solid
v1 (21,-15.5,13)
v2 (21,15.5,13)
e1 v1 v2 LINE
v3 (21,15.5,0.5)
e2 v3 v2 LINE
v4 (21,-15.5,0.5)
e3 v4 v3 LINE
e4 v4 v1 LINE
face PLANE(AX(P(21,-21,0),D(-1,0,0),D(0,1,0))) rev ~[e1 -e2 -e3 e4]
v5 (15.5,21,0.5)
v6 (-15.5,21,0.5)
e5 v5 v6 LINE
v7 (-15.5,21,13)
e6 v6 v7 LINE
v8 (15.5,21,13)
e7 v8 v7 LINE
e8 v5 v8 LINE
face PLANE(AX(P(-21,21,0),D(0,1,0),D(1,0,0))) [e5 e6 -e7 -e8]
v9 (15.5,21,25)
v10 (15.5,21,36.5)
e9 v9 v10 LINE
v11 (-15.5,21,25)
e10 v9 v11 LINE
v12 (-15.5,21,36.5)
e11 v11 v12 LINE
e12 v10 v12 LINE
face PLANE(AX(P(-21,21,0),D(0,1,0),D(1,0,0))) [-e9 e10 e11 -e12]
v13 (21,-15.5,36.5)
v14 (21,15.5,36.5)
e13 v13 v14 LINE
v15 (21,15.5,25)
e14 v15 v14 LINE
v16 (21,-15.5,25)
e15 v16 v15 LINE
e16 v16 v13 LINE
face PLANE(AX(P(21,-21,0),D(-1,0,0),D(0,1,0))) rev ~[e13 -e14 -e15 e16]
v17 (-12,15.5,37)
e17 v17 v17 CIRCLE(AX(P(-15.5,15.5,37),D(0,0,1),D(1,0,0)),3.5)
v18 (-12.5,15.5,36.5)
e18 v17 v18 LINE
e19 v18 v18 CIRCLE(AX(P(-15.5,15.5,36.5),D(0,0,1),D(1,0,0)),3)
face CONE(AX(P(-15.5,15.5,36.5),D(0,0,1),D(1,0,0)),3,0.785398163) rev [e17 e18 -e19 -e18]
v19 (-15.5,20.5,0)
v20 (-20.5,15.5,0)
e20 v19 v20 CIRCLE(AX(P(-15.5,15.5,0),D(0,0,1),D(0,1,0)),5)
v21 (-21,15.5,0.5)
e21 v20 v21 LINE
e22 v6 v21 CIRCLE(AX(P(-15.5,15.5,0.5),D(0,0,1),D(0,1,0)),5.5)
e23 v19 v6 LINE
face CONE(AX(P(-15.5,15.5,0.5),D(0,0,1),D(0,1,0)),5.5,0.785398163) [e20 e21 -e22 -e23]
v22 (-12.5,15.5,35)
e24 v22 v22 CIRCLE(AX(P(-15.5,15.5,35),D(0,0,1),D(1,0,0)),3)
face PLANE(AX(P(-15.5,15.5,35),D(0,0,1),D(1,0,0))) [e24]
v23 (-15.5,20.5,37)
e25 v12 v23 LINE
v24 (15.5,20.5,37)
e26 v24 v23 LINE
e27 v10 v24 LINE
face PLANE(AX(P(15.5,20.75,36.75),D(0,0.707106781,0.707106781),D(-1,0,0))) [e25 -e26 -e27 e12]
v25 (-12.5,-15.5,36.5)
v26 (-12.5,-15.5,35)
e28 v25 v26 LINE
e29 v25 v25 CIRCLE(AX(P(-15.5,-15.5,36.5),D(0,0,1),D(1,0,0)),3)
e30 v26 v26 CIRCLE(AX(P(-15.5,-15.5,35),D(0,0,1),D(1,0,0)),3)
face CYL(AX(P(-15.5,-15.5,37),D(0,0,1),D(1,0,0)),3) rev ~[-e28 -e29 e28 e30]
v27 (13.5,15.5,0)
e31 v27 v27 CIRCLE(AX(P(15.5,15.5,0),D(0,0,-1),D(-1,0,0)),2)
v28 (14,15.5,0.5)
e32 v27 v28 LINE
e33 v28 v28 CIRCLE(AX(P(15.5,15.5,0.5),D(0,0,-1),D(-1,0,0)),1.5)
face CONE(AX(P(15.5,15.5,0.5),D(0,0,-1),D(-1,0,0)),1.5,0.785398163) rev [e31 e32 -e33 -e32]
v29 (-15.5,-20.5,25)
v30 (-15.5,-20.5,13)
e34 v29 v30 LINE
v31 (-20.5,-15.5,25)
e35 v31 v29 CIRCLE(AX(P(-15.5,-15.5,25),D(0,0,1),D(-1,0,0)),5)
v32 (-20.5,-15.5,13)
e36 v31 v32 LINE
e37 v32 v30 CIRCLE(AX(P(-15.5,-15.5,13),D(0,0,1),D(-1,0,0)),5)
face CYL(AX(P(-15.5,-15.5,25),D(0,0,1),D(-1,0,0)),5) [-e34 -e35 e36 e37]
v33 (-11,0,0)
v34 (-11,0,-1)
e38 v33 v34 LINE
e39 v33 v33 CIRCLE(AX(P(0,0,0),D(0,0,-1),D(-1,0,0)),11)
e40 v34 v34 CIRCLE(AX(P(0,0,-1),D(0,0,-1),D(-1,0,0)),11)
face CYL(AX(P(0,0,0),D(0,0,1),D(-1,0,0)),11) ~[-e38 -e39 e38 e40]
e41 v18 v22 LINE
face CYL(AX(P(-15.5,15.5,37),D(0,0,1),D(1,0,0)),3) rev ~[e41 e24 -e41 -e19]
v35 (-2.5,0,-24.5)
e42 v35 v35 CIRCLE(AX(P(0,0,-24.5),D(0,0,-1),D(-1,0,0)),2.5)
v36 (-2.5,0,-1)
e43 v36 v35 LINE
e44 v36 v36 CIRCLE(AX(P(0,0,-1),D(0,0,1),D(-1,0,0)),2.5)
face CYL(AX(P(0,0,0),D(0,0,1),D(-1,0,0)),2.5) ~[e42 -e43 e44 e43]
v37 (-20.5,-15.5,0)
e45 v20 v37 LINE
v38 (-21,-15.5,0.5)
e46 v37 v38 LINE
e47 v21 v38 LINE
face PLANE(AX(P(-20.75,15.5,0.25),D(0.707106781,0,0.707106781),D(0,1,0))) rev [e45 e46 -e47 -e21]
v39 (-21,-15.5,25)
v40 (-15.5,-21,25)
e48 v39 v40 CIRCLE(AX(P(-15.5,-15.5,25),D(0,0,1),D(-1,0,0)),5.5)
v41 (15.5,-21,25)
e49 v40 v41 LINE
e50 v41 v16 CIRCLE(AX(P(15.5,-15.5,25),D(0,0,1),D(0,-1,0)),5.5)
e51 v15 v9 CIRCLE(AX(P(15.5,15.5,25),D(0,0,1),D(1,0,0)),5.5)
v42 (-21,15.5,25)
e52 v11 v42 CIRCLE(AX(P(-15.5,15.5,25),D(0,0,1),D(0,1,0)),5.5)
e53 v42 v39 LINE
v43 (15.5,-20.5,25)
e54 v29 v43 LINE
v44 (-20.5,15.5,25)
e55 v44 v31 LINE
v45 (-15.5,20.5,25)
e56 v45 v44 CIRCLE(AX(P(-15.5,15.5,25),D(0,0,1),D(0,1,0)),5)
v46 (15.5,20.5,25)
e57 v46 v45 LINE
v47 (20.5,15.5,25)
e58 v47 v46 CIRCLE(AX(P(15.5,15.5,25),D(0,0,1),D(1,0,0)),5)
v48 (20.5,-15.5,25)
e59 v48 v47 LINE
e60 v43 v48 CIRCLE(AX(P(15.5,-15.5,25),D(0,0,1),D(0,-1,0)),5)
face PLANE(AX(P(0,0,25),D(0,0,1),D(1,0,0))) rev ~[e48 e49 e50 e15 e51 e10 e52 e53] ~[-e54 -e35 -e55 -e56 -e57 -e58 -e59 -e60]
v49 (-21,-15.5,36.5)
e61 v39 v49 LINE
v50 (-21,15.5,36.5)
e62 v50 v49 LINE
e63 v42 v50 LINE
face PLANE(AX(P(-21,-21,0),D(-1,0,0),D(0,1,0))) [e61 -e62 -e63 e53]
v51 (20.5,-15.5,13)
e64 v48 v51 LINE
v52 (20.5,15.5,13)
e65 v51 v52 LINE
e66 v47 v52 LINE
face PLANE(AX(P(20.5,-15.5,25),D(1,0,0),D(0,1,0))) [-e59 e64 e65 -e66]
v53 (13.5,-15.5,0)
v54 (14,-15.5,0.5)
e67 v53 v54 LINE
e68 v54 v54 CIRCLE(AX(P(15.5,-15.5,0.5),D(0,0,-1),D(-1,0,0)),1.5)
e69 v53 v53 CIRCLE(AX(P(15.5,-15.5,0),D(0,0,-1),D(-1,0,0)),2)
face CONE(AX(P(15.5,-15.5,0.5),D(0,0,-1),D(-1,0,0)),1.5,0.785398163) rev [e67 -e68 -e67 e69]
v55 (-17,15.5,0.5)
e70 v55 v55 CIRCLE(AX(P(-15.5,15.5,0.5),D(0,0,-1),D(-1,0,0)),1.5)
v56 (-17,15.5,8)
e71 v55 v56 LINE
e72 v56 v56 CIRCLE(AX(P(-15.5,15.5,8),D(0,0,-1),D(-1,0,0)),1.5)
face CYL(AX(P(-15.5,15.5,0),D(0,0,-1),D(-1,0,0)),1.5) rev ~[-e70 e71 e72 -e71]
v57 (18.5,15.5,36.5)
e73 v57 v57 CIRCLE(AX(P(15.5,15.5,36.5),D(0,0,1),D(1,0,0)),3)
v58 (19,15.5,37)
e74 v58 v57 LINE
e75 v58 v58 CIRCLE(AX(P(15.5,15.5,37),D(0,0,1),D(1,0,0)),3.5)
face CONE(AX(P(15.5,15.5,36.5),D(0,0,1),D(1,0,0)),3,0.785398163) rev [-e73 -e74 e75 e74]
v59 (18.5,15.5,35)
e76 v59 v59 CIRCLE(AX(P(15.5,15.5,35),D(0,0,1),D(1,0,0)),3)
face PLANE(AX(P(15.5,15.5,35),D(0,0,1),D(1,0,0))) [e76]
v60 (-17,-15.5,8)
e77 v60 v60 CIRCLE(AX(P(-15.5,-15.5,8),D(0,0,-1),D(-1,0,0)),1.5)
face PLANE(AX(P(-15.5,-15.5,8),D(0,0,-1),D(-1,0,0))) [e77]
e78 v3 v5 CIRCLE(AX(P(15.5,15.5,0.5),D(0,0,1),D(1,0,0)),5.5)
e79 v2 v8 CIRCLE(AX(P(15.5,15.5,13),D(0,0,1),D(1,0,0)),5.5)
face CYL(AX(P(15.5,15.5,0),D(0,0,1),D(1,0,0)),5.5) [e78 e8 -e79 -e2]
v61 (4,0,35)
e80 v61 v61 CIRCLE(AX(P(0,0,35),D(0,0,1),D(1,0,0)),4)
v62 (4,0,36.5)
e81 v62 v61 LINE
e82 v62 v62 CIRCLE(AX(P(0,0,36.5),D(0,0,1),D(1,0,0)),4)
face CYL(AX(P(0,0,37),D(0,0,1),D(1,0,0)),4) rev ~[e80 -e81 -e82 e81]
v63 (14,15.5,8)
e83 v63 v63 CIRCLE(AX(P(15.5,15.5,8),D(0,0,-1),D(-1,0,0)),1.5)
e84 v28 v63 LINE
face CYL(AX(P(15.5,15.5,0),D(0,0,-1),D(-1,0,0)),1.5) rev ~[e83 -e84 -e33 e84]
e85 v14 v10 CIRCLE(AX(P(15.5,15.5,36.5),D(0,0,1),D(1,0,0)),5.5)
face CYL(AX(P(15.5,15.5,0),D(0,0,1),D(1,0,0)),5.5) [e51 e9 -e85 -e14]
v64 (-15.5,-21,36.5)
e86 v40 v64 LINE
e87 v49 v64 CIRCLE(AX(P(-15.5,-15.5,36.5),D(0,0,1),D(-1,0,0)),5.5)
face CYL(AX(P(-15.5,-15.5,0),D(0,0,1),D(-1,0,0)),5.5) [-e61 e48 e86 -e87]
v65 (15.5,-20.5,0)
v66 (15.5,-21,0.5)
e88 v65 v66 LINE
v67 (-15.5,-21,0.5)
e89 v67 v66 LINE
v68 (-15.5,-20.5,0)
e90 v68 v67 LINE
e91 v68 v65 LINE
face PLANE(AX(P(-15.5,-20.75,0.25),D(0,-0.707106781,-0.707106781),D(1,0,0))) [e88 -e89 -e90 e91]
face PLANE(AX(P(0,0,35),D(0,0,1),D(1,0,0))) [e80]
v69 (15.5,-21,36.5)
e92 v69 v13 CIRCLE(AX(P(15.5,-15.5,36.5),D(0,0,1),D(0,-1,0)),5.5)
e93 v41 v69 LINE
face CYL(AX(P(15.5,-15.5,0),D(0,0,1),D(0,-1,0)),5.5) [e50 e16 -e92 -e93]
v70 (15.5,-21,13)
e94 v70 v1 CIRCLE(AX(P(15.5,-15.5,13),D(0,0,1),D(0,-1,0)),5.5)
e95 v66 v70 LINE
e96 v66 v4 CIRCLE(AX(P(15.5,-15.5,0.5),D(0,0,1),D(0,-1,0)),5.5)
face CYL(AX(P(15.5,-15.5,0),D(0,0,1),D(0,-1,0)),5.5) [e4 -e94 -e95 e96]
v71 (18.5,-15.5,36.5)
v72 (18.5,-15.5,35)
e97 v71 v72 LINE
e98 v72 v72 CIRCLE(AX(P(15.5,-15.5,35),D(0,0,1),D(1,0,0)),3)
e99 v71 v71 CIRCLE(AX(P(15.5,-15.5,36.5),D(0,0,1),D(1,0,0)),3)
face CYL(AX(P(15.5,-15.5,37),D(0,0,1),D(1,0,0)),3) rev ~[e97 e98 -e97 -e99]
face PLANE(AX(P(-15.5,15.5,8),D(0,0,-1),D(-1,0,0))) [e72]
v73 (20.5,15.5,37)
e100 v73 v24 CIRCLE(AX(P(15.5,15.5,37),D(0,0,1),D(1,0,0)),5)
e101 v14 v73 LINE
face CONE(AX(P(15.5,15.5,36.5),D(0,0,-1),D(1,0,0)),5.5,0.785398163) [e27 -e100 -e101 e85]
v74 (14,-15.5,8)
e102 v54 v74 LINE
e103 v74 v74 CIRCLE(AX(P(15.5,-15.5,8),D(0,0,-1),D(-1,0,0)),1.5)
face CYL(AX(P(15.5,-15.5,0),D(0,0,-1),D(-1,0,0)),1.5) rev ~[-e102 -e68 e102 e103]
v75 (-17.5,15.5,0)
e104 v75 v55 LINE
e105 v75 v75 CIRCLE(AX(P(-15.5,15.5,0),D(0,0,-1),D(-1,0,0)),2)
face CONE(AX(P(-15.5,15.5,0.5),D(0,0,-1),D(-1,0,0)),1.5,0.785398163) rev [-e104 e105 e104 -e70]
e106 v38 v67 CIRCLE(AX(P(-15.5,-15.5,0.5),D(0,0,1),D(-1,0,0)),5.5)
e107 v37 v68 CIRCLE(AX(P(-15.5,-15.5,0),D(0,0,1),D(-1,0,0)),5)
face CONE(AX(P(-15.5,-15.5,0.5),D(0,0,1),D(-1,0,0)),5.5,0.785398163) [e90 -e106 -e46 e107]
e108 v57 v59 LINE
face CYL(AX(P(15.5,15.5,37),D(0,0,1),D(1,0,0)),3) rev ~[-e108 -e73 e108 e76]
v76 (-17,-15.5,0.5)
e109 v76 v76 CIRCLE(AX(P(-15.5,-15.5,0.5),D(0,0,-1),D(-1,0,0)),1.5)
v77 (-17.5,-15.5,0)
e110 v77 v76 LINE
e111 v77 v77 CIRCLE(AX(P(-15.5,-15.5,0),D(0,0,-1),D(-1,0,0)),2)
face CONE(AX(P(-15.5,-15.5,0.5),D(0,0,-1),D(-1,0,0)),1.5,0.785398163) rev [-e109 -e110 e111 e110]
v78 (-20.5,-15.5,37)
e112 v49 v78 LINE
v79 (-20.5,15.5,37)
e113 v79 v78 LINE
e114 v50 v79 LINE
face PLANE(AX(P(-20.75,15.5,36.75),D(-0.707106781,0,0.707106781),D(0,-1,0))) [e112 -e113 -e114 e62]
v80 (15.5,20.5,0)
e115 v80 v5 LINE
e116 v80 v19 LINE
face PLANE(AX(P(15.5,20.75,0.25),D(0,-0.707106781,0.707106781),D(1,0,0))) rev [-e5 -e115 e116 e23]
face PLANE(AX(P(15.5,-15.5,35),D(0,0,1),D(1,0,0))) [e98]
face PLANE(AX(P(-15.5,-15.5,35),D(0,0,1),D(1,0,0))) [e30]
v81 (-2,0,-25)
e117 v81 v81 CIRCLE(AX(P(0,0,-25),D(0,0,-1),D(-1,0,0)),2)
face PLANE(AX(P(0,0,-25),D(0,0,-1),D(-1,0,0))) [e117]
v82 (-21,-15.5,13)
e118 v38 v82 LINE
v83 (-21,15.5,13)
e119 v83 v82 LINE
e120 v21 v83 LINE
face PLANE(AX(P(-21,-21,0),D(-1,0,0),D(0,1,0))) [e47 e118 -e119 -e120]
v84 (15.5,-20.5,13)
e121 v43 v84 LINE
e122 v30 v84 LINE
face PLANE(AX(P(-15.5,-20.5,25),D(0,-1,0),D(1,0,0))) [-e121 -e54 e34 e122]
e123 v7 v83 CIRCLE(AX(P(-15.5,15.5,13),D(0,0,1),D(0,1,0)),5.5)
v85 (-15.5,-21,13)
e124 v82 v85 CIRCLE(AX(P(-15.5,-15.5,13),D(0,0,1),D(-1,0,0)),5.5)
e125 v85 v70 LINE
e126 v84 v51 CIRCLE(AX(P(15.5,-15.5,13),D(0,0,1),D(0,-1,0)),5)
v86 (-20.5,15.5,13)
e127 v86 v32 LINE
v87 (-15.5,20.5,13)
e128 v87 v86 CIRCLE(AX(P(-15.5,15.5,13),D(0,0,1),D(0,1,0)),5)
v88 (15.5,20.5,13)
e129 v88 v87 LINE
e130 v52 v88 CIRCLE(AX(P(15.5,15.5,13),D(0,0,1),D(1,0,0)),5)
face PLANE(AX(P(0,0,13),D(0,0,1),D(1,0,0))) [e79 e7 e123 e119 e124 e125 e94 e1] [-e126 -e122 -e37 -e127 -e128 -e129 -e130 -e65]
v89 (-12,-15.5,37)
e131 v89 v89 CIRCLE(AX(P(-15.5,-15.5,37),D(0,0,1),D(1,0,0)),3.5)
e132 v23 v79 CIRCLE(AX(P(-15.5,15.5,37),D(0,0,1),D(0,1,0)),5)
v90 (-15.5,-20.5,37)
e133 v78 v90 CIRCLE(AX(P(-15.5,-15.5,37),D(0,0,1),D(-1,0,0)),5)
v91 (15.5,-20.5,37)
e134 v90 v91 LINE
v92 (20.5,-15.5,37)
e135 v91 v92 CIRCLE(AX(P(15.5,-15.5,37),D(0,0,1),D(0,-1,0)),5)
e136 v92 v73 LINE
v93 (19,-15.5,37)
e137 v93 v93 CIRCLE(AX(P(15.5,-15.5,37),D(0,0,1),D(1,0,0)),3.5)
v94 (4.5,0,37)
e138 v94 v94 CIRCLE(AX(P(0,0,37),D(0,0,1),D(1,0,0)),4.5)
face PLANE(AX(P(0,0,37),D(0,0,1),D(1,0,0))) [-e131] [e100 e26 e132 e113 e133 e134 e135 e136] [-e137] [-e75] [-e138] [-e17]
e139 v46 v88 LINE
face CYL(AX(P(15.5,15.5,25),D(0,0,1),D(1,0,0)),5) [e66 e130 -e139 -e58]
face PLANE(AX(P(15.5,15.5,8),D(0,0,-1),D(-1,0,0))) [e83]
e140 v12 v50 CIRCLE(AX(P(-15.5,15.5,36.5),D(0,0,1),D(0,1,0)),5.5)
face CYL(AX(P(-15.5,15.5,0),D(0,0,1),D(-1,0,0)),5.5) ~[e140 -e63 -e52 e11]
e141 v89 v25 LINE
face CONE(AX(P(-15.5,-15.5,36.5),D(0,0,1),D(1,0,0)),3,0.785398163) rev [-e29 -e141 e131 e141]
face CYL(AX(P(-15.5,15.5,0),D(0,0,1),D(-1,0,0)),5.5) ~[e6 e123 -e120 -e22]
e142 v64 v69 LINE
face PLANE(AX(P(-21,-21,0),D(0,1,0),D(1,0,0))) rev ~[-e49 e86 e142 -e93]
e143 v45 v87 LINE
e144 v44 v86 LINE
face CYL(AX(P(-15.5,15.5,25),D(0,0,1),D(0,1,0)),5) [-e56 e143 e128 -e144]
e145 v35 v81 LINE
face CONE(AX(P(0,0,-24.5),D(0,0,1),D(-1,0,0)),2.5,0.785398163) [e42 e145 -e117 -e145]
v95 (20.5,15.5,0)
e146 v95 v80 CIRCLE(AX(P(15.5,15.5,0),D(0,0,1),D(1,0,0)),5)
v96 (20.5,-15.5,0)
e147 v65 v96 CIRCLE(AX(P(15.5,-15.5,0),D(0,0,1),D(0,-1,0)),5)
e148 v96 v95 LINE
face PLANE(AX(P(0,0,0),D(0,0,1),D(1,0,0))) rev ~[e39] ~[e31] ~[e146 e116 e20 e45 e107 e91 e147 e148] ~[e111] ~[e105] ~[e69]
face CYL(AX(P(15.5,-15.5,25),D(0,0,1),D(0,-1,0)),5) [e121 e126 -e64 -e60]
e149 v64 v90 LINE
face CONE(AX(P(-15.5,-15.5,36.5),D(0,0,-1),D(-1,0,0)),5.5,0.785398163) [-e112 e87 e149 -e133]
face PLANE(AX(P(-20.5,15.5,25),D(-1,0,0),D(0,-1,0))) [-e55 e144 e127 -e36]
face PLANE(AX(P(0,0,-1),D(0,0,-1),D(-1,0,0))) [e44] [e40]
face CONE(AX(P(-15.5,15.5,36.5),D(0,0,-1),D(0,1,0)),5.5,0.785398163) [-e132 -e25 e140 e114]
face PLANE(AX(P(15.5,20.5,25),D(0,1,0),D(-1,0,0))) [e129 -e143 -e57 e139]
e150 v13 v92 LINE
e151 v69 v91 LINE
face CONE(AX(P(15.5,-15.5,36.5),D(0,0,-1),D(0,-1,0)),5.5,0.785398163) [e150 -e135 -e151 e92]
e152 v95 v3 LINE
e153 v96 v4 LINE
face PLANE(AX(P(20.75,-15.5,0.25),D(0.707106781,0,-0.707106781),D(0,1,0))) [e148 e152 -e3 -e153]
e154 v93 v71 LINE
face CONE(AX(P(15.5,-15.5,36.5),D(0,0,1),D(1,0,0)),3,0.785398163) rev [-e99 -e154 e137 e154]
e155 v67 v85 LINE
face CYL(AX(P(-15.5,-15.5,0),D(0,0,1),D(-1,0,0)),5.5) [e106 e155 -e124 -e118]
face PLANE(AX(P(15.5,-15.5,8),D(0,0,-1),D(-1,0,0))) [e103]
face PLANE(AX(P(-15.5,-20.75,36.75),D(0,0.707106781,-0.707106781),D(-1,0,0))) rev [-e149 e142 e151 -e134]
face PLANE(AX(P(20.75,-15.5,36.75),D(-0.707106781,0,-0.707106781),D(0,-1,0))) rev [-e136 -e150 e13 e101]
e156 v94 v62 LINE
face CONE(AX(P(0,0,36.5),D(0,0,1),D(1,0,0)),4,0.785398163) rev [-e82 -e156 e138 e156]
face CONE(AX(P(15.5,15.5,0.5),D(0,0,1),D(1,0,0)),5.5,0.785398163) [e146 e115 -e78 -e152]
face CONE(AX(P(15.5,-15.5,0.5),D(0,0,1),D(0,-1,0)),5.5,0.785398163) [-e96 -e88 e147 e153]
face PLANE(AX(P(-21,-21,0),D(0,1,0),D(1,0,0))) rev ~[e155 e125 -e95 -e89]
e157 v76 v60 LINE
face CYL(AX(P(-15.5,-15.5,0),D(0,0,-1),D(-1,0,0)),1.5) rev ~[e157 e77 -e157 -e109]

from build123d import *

# Parameters (mm, degrees)
SKETCH1_W           = 42
SKETCH1_H           = 42
BOSS_EXTRUDE1_DEPTH = 37
FILLET1_R           = 5.5
SKETCH2_R           = 4
SKETCH2_R_2         = 3
CUT_EXTRUDE1_DEPTH  = 2
SKETCH4_R           = 2.5
BOSS_EXTRUDE2_DEPTH = 25
SKETCH5_R           = 1.5
CUT_EXTRUDE2_DEPTH  = 8
CUT_EXTRUDE3_START  = -12
SKETCH6_R           = 34.308404515
CUT_EXTRUDE3_DEPTH  = 12
CHAMFER1_SIZE       = 0.5
SKETCH7_R           = 11
BOSS_EXTRUDE3_DEPTH = 1


with BuildPart() as part:
    # Sketch1 → Boss-Extrude1 (new body)
    with BuildSketch(Plane.XY):
        Rectangle(SKETCH1_W, SKETCH1_H)
    extrude(amount=BOSS_EXTRUDE1_DEPTH)

    # Fillet1
    fillet1_edges = [part.edges().sort_by_distance(p)[0] for p in [
        (21, -21, 18.5),
        (-21, -21, 18.5),
        (-21, 21, 18.5),
        (21, 21, 18.5),
    ]]
    fillet(fillet1_edges, radius=FILLET1_R)

    # Sketch2 → Cut-Extrude1 (cut)
    with BuildSketch(Plane.XY.offset(37)):
        Circle(SKETCH2_R)
        with Locations((15.5, -15.5)):
            Circle(SKETCH2_R_2)
        with Locations((15.5, 15.5)):
            Circle(SKETCH2_R_2)
        with Locations((-15.5, 15.5)):
            Circle(SKETCH2_R_2)
        with Locations((-15.5, -15.5)):
            Circle(SKETCH2_R_2)
    extrude(amount=-CUT_EXTRUDE1_DEPTH, mode=Mode.SUBTRACT)

    # Sketch4 → Boss-Extrude2 (add)
    with BuildSketch(Plane(origin=(0, 0, 0), x_dir=(-1, 0, 0), z_dir=(0, 0, -1))):
        Circle(SKETCH4_R)
    extrude(amount=BOSS_EXTRUDE2_DEPTH)

    # Sketch5 → Cut-Extrude2 (cut)
    with BuildSketch(Plane(origin=(0, 0, 0), x_dir=(-1, 0, 0), z_dir=(0, 0, -1))):
        with Locations((15.5, -15.5)):
            Circle(SKETCH5_R)
        with Locations((-15.5, -15.5)):
            Circle(SKETCH5_R)
        with Locations((15.5, 15.5)):
            Circle(SKETCH5_R)
        with Locations((-15.5, 15.5)):
            Circle(SKETCH5_R)
    extrude(amount=-CUT_EXTRUDE2_DEPTH, mode=Mode.SUBTRACT)

    # Sketch6 → Cut-Extrude3 (cut)
    # profile 1 of 2: a face of its own
    with BuildSketch(Plane.XY.offset(37).offset(CUT_EXTRUDE3_START)):
        Circle(SKETCH6_R)
        with BuildLine():
            Line((-21, 15.5), (-21, -15.5))
            ThreePointArc((-21, -15.5), (-19.389087297, -19.389087297), (-15.5, -21))
            Line((-15.5, -21), (15.5, -21))
            ThreePointArc((15.5, -21), (19.389087297, -19.389087297), (21, -15.5))
            Line((21, -15.5), (21, 15.5))
            ThreePointArc((21, 15.5), (19.389087297, 19.389087297), (15.5, 21))
            Line((15.5, 21), (-15.5, 21))
            ThreePointArc((-15.5, 21), (-19.389087297, 19.389087297), (-21, 15.5))
        make_face(mode=Mode.SUBTRACT)
    # profile 2 of 2: a face of its own
    with BuildSketch(Plane.XY.offset(37).offset(CUT_EXTRUDE3_START)):
        with BuildLine():
            ThreePointArc((-15.5, 21), (-19.389087297, 19.389087297), (-21, 15.5))
            Line((-21, 15.5), (-21, -15.5))
            ThreePointArc((-21, -15.5), (-19.389087297, -19.389087297), (-15.5, -21))
            Line((-15.5, -21), (15.5, -21))
            ThreePointArc((15.5, -21), (19.389087297, -19.389087297), (21, -15.5))
            Line((21, -15.5), (21, 15.5))
            ThreePointArc((21, 15.5), (19.389087297, 19.389087297), (15.5, 21))
            Line((15.5, 21), (-15.5, 21))
        make_face()
        with BuildLine():
            ThreePointArc((-15.5, 20.5), (-19.035533906, 19.035533906), (-20.5, 15.5))
            Line((-20.5, 15.5), (-20.5, -15.5))
            ThreePointArc((-20.5, -15.5), (-19.035533906, -19.035533906), (-15.5, -20.5))
            Line((-15.5, -20.5), (15.5, -20.5))
            ThreePointArc((15.5, -20.5), (19.035533906, -19.035533906), (20.5, -15.5))
            Line((20.5, -15.5), (20.5, 15.5))
            ThreePointArc((20.5, 15.5), (19.035533906, 19.035533906), (15.5, 20.5))
            Line((15.5, 20.5), (-15.5, 20.5))
        make_face(mode=Mode.SUBTRACT)
    extrude(amount=-CUT_EXTRUDE3_DEPTH, mode=Mode.SUBTRACT)

    # Chamfer1
    chamfer1_edges = [part.edges().sort_by_distance(p)[0] for p in [
        (0, -21, 0),
        (0, -21, 37),
        (21, 0, 0),
        (-21, 0, 0),
        (0, 21, 0),
        (-19.389087297, 19.389087297, 0),
        (19.389087297, 19.389087297, 0),
        (19.389087297, -19.389087297, 0),
        (-19.389087297, -19.389087297, 0),
        (-21, 0, 37),
        (21, 0, 37),
        (0, 21, 37),
        (-19.389087297, 19.389087297, 37),
        (19.389087297, 19.389087297, 37),
        (19.389087297, -19.389087297, 37),
        (-19.389087297, -19.389087297, 37),
        (-4, 0, 37),
        (12.5, -15.5, 37),
        (12.5, 15.5, 37),
        (-18.5, 15.5, 37),
        (-18.5, -15.5, 37),
        (2.5, 0, 0),
        (2.5, 0, -25),
        (-14, -15.5, 0),
        (17, -15.5, 0),
        (-14, 15.5, 0),
        (17, 15.5, 0),
    ]]
    chamfer(chamfer1_edges, length=CHAMFER1_SIZE)

    # Sketch7 → Boss-Extrude3 (add)
    with BuildSketch(Plane(origin=(0, 0, 0), x_dir=(-1, 0, 0), z_dir=(0, 0, -1))):
        Circle(SKETCH7_R)
    extrude(amount=BOSS_EXTRUDE3_DEPTH)


solid = part.part
